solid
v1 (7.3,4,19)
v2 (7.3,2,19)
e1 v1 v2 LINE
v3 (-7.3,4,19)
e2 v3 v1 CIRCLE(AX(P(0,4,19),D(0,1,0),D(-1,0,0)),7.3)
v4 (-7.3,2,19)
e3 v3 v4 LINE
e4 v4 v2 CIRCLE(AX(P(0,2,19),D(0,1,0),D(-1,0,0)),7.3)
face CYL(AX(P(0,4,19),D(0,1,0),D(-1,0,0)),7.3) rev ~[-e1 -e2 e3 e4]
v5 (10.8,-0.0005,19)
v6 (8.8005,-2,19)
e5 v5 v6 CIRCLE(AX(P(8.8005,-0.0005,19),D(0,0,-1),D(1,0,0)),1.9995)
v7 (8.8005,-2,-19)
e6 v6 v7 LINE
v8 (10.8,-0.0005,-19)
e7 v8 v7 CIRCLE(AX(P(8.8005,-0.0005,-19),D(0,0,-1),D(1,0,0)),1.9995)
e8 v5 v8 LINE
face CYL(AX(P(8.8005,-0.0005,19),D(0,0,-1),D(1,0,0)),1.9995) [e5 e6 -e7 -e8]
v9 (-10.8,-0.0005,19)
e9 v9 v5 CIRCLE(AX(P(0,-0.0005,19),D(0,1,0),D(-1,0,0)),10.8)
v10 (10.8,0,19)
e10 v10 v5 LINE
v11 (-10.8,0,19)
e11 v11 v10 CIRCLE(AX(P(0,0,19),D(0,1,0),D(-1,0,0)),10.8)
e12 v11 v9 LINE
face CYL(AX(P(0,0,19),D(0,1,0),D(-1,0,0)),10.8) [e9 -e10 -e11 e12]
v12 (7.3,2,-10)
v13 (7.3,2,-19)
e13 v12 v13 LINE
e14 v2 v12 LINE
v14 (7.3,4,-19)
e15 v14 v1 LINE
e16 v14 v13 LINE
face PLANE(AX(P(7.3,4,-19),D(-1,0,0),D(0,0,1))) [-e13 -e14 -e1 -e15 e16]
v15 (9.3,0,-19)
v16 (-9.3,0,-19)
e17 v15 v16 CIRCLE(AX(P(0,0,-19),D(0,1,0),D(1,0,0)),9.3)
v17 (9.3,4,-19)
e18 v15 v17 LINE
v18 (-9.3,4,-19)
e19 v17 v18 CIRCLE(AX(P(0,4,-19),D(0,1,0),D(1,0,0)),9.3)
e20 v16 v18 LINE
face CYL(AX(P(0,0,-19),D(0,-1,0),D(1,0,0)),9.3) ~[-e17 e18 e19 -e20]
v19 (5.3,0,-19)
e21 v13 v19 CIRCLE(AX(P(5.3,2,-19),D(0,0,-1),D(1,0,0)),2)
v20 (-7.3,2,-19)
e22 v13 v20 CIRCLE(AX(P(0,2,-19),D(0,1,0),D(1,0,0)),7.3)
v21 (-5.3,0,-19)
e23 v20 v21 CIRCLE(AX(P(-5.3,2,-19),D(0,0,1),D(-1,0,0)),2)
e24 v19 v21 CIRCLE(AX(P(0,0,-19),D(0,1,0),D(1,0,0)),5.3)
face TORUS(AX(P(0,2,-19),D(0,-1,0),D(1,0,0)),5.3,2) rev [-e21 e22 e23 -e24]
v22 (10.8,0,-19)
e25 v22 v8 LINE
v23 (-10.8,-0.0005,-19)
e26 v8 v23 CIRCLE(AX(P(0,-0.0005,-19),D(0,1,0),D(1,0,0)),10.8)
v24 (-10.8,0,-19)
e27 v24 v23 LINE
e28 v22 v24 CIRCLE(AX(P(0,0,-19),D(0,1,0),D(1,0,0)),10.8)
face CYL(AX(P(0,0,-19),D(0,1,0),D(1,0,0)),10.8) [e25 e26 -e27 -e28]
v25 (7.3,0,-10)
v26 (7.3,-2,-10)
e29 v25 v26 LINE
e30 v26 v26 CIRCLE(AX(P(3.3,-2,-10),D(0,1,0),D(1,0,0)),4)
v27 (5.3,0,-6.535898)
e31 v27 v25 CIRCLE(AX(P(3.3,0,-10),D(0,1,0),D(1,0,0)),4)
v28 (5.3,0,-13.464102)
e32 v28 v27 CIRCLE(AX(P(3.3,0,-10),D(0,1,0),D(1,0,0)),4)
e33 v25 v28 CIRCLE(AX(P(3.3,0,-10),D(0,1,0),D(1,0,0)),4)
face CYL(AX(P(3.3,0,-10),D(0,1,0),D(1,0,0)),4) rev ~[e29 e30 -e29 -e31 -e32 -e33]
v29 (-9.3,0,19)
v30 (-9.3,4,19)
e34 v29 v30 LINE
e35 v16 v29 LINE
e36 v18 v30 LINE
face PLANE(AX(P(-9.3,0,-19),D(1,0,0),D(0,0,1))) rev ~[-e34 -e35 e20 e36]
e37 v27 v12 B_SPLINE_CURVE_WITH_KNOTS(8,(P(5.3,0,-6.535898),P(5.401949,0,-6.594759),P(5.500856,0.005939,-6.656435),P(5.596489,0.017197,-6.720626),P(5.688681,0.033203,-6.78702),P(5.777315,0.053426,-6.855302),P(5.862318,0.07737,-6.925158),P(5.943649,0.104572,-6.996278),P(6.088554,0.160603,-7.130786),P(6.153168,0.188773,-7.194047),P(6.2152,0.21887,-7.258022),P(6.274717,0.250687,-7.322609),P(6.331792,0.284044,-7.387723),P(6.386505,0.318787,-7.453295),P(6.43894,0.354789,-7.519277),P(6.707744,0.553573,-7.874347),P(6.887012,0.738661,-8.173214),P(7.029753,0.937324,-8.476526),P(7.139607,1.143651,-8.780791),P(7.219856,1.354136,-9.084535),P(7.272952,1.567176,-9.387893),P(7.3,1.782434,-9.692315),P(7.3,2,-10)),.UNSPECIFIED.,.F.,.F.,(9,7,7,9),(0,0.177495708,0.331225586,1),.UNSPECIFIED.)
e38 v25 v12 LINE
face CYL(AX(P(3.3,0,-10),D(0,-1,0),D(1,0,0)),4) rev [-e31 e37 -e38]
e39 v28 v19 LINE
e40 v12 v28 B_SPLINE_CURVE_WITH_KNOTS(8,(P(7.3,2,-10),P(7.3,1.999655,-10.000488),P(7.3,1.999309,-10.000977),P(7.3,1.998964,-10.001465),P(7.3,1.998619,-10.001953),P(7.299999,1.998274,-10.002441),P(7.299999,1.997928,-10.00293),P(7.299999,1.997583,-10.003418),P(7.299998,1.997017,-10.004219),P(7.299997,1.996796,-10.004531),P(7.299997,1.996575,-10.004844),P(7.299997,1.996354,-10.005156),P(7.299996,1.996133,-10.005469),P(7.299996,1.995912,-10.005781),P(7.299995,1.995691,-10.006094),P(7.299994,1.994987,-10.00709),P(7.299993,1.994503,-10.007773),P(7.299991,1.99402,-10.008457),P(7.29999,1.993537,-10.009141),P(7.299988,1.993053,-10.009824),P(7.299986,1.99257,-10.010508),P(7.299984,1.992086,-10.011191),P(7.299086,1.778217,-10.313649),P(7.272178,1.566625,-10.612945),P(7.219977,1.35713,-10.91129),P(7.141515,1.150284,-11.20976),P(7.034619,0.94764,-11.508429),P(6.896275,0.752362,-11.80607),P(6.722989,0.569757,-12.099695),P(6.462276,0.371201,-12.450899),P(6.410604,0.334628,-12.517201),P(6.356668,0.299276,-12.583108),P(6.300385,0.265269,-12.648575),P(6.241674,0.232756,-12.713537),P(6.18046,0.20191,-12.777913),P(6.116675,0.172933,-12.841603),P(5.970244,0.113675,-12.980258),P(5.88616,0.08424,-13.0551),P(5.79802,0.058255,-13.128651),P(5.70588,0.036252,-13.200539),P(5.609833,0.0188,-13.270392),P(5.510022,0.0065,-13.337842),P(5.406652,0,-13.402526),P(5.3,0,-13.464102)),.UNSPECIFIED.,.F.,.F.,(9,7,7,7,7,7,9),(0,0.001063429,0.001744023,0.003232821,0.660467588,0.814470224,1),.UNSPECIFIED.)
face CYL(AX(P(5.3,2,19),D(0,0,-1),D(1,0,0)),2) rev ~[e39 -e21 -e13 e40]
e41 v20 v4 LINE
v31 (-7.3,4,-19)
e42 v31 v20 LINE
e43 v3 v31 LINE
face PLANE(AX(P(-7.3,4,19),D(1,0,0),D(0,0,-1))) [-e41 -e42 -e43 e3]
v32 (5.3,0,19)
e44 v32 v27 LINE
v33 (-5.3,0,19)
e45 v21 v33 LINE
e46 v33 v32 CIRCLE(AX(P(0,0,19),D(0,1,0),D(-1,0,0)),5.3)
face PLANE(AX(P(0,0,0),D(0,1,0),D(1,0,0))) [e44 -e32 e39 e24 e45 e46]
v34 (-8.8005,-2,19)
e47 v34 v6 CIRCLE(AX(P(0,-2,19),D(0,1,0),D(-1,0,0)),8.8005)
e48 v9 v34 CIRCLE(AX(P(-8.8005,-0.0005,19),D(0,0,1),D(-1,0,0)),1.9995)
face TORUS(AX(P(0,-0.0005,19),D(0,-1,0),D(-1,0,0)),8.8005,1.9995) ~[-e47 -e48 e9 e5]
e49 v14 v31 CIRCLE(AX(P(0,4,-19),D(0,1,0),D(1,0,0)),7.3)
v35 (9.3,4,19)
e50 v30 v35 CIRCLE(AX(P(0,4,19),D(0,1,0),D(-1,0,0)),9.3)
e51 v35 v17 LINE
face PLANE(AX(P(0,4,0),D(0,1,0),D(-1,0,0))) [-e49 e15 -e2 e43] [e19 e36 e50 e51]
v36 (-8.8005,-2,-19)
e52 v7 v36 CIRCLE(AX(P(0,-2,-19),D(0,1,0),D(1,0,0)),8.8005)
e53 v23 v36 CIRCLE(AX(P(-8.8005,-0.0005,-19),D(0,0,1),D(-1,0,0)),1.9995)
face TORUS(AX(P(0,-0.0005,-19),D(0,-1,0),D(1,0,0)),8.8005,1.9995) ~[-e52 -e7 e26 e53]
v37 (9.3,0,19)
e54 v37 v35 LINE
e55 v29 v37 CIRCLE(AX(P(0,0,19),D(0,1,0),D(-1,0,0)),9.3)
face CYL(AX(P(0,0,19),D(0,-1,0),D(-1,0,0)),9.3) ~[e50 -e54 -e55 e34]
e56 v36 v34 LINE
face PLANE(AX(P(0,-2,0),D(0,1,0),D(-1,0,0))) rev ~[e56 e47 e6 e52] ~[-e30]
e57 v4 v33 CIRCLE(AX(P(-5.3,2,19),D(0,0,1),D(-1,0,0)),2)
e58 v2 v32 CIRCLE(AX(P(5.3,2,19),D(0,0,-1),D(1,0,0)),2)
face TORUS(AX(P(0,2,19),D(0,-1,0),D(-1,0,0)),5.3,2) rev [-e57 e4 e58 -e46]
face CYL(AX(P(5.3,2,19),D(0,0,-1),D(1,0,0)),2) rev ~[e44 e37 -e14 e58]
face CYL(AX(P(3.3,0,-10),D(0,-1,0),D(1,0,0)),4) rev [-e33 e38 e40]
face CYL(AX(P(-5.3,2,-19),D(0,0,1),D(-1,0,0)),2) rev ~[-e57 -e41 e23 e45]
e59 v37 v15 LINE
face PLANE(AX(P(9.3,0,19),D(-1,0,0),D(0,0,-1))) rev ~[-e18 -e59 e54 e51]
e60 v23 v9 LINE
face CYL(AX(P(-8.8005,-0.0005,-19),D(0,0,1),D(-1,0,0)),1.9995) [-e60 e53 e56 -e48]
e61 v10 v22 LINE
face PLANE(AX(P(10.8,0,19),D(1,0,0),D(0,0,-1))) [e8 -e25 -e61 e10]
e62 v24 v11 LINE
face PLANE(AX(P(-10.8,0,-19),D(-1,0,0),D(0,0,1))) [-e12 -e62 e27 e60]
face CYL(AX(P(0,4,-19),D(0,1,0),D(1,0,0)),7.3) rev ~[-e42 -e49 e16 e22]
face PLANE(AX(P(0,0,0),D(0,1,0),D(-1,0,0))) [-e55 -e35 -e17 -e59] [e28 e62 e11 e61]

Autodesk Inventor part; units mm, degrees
ref_plane "YZ Plane" through (0, 0, 0) normal (1, 0, 0) x (0, 1, 0)
ref_plane "XZ Plane" through (0, 0, 0) normal (0, 1, 0) x (-1, 0, 0)
ref_plane "XY Plane" through (0, 0, 0) normal (0, 0, 1) x (1, 0, 0)
sketch "Skizze1" plane through (0, 0, 0) normal (0, 1, 0) x (-1, 0, 0)
  line L0 (0, 19) -> (0, -19) construction
  line L1 (-9.3, 19) -> (-9.3, -19)
  line L2 (9.3, -19) -> (9.3, 19)
  arc A0 (9.3, 19) -> (-9.3, 19) centre (0, 19) ccw
  arc A1 (-9.3, -19) -> (9.3, -19) centre (0, -19) ccw
  line L3 (0, 19) -> (0, -19) construction
  line L4 (-10.8, 19) -> (-10.8, -19)
  line L5 (10.8, -19) -> (10.8, 19)
  arc A2 (10.8, 19) -> (-10.8, 19) centre (0, 19) ccw
  arc A3 (-10.8, -19) -> (10.8, -19) centre (0, -19) ccw
  point P0 (0, 0)
  dimension "d0" = 19
  dimension "d1" = 18.6
  dimension "d2" = 1.5
extrude "Extrusion1" add sketch "Skizze1" along normal blind 4 contours A0 L2 A1 L1
extrude "Extrusion2" add sketch "Skizze1" against normal blind 2 contours A0 L2 A1 L1 | A2 L5 A3 L4
fillet "Rundung1" radius 2 4 edges at (-10.8, -2, 0) (0, -2, -29.8) (10.8, -2, 0) (0, -2, 29.8)
sketch "Skizze2" plane through (0, 4, 0) normal (0, 1, 0) x (1, 0, 0)
  line L0 (0, -19) -> (0, 19) construction
  line L1 (-7.3, -19) -> (-7.3, 19)
  line L2 (7.3, 19) -> (7.3, -19)
  arc A0 (-7.3, -19) -> (7.3, -19) centre (0, -19) ccw
  arc A1 (7.3, 19) -> (-7.3, 19) centre (0, 19) ccw
  arc A2 (9.3, 19) -> (-9.3, 19) centre (0, 19) ccw projected
  line L3 (9.3, -19) -> (9.3, 19) projected
  point P0 (0, 0)
  dimension "d8" = 2
extrude "Extrusion3" cut sketch "Skizze2" against normal blind 4
fillet "Rundung2" radius 2 4 edges at (0, 0, 26.3) (-7.3, 0, 0) (0, 0, -26.3) (7.3, 0, 0)
sketch "Skizze3" plane through (0, 0, 0) normal (0, 1, 0) x (1, 0, 0)
  circle A0 centre (3.3, 10) radius 4
  line L0 (7.3, 19) -> (7.3, -19) projected
  point P0 (0, 0)
  dimension "d12" = 8
  dimension "d13" = 10
extrude "Extrusion4" cut sketch "Skizze3" along normal mid plane 4
equation "\"G_L\" = 0"
equation "\"G_H\" = 0"
equation "\"G_B\" = 0"
properties part number "Batterycase_deckel" material "GEDA Stahl"
